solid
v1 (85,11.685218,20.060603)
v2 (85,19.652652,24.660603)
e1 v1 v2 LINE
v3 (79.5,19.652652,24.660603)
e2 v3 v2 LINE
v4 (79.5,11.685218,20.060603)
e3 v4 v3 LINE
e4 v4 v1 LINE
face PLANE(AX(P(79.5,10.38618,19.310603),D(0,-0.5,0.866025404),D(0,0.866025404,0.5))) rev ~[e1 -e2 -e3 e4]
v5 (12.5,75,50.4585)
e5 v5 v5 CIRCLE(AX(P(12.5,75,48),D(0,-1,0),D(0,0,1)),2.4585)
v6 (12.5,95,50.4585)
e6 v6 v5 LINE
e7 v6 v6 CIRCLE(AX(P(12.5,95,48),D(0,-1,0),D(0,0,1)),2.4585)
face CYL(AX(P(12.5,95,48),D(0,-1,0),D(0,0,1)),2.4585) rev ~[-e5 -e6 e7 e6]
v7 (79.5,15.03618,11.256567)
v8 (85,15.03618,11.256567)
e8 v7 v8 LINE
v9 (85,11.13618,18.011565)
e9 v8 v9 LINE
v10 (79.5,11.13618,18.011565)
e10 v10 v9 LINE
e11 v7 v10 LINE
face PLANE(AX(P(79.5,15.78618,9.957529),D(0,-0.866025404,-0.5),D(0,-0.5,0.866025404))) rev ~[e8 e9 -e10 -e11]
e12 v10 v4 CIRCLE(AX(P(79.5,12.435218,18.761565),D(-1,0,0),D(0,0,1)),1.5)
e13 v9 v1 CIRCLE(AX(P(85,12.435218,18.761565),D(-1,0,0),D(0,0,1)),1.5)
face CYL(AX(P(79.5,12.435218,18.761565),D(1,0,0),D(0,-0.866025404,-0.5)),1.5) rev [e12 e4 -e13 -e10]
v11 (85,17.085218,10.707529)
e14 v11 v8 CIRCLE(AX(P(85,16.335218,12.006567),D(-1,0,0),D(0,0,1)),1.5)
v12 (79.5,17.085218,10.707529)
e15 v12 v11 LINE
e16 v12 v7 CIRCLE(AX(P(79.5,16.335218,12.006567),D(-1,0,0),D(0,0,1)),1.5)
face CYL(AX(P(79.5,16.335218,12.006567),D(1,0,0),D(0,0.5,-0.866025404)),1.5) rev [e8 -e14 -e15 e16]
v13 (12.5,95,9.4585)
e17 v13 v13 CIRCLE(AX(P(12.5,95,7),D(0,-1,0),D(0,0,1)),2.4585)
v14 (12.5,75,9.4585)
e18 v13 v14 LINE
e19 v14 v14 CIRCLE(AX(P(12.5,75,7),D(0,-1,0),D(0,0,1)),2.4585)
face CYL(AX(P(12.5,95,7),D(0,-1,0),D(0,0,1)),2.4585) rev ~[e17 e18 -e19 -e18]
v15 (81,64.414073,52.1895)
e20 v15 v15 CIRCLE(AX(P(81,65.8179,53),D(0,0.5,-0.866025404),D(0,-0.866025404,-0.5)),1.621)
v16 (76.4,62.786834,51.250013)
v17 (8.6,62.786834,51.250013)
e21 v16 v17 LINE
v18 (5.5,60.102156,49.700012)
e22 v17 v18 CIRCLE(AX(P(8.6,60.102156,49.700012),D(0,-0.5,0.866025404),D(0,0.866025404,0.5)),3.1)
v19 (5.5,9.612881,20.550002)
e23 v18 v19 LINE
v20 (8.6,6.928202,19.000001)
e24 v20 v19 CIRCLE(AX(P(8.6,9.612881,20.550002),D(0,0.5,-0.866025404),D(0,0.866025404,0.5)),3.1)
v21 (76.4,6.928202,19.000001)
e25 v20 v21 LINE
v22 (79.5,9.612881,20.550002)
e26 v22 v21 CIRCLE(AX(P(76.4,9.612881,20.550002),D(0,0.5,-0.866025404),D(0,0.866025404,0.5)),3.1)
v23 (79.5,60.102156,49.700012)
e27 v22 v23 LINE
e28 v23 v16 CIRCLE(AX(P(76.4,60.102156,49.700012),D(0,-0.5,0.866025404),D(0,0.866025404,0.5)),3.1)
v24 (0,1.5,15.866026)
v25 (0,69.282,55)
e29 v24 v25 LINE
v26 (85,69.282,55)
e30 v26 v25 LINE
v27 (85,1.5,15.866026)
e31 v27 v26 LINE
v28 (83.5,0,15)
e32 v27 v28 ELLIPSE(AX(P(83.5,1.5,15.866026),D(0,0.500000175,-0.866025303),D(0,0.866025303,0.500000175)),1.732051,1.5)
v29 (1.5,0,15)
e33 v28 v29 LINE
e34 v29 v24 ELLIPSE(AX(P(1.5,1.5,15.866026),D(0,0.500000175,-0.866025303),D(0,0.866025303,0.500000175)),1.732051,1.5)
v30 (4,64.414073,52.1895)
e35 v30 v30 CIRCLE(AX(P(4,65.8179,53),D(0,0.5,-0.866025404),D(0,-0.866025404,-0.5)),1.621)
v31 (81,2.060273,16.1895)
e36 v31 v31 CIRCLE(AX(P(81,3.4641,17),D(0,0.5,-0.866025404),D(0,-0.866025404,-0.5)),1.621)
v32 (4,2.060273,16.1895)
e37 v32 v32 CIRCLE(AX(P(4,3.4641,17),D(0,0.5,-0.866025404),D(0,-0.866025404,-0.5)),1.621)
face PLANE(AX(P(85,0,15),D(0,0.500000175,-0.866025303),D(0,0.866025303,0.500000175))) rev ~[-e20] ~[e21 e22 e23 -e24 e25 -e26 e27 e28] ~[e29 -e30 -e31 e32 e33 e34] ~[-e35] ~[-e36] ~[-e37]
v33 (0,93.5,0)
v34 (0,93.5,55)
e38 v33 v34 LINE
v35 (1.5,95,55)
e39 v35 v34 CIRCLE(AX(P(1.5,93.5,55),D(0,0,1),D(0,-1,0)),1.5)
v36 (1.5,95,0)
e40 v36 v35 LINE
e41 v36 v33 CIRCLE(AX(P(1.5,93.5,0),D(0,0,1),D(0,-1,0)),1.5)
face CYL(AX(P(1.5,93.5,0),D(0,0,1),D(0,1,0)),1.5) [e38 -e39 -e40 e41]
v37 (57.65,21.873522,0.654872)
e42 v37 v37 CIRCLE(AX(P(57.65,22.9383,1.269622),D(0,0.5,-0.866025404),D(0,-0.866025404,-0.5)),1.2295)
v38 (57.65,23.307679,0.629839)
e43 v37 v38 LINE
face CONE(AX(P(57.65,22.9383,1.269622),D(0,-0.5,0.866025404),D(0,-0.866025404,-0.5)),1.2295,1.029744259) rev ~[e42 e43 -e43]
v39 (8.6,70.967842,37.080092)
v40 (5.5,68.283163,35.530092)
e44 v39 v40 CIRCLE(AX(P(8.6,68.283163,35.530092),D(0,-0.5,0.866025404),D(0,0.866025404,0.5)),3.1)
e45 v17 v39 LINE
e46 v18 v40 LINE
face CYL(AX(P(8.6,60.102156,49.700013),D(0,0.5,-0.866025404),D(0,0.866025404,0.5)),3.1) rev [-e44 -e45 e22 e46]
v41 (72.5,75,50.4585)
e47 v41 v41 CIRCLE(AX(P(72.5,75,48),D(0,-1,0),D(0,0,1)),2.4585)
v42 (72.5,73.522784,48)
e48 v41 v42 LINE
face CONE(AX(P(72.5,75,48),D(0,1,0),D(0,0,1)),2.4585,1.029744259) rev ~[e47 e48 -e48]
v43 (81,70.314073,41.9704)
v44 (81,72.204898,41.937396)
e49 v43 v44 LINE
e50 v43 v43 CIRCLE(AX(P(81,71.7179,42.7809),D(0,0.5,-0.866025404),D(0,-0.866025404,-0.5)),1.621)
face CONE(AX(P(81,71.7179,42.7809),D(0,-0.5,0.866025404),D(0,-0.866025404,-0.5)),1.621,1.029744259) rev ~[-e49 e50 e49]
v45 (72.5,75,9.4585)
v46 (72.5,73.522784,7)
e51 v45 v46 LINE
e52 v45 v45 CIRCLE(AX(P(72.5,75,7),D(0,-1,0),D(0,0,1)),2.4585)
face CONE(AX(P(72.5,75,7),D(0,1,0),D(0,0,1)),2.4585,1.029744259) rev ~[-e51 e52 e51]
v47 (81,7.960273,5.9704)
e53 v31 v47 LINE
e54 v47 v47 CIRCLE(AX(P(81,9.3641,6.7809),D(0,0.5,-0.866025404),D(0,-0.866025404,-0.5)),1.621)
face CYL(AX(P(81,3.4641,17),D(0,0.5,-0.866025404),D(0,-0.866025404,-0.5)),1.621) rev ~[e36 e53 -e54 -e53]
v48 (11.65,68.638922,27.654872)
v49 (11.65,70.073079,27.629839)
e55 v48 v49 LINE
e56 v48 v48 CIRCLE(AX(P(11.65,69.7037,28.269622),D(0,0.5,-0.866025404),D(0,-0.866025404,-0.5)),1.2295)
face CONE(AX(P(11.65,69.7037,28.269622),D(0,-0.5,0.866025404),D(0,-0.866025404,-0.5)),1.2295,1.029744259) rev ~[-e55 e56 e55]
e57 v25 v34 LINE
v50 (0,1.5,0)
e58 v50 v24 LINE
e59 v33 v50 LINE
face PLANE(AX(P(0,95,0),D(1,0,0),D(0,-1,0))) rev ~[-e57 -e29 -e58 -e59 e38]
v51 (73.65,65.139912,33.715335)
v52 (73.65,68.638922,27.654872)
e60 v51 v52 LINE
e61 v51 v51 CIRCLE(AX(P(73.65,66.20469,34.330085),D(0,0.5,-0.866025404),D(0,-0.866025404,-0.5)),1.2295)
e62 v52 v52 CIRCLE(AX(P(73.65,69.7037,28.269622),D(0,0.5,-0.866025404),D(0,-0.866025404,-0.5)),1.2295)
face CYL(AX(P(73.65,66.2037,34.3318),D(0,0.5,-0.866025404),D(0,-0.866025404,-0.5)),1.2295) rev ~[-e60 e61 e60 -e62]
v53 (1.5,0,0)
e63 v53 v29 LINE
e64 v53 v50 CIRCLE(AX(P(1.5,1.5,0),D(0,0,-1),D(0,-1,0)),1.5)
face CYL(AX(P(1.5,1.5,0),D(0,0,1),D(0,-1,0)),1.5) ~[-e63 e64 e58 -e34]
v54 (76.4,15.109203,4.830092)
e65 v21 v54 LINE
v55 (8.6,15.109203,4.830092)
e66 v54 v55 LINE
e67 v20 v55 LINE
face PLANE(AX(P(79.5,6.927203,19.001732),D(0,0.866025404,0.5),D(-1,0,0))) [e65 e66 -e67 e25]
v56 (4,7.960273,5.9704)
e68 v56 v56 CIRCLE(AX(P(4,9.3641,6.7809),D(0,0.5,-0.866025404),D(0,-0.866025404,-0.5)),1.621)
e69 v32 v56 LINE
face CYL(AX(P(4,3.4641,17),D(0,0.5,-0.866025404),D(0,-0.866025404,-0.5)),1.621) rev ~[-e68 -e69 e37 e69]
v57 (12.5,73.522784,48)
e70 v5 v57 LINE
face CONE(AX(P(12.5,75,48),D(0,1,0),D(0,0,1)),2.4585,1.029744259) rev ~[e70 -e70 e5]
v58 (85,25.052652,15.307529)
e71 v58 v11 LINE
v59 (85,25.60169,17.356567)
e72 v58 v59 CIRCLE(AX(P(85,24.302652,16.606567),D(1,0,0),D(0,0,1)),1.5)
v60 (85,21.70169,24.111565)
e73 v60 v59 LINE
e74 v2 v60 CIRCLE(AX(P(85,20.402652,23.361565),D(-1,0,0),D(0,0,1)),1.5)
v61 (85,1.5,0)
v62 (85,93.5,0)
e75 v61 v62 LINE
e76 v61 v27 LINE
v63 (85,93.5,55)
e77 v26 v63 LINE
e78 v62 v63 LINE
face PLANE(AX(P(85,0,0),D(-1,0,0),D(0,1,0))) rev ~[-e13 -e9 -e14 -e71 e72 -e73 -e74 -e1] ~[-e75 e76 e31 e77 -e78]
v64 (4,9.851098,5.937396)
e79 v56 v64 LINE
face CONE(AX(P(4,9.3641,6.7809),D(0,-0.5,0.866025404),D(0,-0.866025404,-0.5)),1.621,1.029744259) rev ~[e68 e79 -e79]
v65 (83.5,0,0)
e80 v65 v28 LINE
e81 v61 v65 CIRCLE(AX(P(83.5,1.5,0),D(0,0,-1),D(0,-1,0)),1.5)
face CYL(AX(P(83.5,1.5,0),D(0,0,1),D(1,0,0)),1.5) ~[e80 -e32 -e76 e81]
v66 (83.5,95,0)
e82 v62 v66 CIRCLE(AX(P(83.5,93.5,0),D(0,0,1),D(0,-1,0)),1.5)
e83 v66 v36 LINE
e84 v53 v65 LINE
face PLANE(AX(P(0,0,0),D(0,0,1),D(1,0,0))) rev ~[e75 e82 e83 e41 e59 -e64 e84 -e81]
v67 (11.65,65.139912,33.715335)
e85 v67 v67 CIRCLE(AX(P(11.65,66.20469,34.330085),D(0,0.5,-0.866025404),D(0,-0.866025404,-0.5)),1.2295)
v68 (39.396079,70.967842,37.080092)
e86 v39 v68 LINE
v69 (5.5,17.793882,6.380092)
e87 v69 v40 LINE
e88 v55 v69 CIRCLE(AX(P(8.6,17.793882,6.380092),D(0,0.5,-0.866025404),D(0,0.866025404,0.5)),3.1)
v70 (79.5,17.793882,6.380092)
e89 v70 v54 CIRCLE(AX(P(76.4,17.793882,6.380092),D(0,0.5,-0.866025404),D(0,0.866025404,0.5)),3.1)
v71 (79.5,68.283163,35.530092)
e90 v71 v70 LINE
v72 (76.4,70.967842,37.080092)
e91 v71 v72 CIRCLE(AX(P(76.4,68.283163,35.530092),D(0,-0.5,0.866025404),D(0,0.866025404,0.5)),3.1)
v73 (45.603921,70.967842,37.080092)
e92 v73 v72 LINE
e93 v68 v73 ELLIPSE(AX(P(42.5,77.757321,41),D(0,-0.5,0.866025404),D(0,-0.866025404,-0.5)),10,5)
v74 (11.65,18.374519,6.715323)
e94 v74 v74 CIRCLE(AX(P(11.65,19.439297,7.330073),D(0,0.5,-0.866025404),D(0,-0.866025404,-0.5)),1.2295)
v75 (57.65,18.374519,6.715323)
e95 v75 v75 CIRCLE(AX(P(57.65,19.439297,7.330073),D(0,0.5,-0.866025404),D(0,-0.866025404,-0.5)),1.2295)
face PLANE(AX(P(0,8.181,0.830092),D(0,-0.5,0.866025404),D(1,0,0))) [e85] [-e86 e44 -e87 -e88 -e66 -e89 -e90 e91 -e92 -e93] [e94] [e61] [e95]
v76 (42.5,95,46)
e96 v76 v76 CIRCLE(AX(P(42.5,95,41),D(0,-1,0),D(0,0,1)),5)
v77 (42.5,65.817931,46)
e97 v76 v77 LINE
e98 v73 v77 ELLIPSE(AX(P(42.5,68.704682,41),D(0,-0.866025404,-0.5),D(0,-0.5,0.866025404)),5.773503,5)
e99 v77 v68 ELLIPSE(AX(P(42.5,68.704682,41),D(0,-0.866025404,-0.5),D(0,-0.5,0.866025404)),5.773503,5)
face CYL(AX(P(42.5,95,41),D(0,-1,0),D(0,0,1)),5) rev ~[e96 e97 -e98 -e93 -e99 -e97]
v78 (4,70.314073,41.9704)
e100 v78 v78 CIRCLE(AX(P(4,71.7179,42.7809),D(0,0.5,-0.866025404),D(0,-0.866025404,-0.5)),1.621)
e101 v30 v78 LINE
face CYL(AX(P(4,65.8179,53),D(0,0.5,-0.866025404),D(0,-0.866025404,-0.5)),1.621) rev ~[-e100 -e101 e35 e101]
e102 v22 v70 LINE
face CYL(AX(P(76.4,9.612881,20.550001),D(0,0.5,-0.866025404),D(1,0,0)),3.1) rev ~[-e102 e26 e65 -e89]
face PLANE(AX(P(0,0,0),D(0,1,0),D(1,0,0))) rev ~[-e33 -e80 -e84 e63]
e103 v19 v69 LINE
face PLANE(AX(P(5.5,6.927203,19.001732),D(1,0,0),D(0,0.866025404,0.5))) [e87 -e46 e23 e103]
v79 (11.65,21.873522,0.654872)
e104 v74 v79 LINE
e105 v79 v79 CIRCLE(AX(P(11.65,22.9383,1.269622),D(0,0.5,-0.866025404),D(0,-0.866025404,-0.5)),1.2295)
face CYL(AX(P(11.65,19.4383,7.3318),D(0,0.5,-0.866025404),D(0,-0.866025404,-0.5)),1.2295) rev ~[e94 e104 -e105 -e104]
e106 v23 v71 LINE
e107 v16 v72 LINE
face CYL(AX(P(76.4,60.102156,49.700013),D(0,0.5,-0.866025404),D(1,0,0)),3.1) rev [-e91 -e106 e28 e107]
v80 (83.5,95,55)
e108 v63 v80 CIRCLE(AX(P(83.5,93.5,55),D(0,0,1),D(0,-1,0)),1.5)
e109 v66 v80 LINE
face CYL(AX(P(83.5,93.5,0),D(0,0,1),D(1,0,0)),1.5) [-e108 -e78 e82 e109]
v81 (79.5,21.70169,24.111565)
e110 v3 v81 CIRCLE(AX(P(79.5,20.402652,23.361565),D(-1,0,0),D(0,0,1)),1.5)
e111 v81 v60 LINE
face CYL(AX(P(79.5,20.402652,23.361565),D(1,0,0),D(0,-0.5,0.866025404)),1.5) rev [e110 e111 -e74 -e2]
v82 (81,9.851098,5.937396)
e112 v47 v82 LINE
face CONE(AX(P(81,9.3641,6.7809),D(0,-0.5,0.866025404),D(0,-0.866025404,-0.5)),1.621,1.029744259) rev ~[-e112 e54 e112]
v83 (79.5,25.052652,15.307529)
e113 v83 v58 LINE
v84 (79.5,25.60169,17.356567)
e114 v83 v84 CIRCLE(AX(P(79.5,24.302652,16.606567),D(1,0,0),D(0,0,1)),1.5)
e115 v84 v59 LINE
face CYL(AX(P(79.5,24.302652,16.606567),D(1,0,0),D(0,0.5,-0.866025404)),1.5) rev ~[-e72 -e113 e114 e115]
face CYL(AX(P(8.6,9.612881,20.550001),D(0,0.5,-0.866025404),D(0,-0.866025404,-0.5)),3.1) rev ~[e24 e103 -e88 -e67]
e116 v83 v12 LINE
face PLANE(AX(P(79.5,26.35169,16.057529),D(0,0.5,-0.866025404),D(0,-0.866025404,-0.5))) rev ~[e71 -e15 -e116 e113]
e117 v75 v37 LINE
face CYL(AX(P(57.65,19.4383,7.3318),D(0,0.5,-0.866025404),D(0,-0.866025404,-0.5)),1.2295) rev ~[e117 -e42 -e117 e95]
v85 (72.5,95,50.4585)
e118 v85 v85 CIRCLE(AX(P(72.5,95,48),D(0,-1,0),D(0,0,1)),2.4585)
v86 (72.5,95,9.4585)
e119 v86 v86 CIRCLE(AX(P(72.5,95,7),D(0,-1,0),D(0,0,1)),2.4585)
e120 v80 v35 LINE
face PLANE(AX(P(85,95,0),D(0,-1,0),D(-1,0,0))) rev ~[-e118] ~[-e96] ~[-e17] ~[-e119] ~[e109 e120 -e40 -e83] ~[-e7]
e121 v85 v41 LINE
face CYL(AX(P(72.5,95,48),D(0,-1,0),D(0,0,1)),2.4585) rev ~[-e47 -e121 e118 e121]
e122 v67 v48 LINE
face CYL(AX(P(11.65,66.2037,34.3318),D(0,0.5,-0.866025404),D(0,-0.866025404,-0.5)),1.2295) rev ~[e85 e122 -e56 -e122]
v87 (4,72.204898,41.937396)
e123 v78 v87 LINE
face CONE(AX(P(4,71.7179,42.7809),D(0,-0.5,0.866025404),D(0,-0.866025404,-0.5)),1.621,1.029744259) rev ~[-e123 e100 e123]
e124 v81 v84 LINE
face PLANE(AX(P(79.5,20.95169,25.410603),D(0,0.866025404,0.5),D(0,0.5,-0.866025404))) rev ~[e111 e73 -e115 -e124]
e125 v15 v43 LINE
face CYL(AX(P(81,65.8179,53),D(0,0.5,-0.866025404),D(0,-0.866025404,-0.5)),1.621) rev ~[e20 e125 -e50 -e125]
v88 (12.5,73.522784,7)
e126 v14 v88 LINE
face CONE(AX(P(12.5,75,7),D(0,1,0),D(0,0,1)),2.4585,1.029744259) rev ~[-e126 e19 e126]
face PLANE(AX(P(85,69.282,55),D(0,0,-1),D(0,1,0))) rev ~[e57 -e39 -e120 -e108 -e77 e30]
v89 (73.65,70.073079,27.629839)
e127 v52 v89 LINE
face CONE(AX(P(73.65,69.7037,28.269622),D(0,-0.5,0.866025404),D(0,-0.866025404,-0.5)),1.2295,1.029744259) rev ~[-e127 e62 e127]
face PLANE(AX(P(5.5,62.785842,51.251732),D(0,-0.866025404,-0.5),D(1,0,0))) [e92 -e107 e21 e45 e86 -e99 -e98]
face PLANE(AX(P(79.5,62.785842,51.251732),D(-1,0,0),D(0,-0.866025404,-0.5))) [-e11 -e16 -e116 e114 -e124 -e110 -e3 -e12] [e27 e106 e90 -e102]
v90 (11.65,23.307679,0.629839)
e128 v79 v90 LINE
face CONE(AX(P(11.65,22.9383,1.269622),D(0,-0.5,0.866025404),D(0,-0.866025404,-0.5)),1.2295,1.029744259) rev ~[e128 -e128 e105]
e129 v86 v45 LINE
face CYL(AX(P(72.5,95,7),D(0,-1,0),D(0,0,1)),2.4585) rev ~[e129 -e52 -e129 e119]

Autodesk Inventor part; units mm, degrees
ref_plane "YZ Plane" through (0, 0, 0) normal (1, 0, 0) x (0, 1, 0)
ref_plane "XZ Plane" through (0, 0, 0) normal (0, 1, 0) x (-1, 0, 0)
ref_plane "XY Plane" through (0, 0, 0) normal (0, 0, 1) x (1, 0, 0)
sketch "Skizze1" plane through (0, 0, 0) normal (0, 0, 1) x (1, 0, 0)
  line L0 (0, 0) -> (85, 0)
  line L1 (85, 0) -> (85, 95)
  line L2 (85, 95) -> (0, 95)
  line L3 (0, 95) -> (0, 0)
  dimension "d0" = 85
  dimension "d1" = 95
extrude "Extrusion1" add sketch "Skizze1" along normal blind 80
sketch "Skizze2" plane through (85, 0, 0) normal (1, 0, 0) x (0, 0, -1)
  line L0 (0, 0) -> (-80, 0) projected
  line L1 (0, 0) -> (-15, 0)
  line L2 (-15, 0) -> (-55, 69.282)
  line L3 (-55, 69.282) -> (-55, 95)
  line L4 (0, 95) -> (-80, 95) projected
  line L5 (-55, 95) -> (0, 95)
  line L6 (0, 0) -> (0, 95) projected
  line L7 (0, 95) -> (0, 0) projected
  line L8 (0, 95) -> (0, 0)
  dimension "d4" = 15
  dimension "d5" = 80
  dimension "d6" = 120
extrude "Extrusion2" cut sketch "Skizze2" against normal through all keep common part
sketch "Skizze3" plane through (0, 0, 15) normal (0, -0.5, 0.866) x (1, 0, 0)
  line L0 (5.5, 72.5) -> (79.5, 72.5)
  line L1 (79.5, 72.5) -> (79.5, 8)
  line L2 (79.5, 8) -> (5.5, 8)
  line L3 (5.5, 8) -> (5.5, 72.5)
  line L4 (85, -7.5) -> (85, 74.7724) projected
  line L5 (85, 80) -> (0, 80) projected
  line L6 (0, 0) -> (85, 0) projected
  point P0 (0, -7.5)
  point P1 (79.5, 40.25)
  point P2 (42.5, 72.5)
  point P3 (42.5, 80)
  dimension "d9" = 74
  dimension "d10" = 64.5
  dimension "d13" = 8
extrude "Extrusion3" cut sketch "Skizze3" against normal blind 16.36
sketch "Skizze4" plane through (79.5, 6.9282, 19) normal (-1, 0, 0) x (0, -0.5, 0.866)
  line L0 (-12.26, 3.15) -> (-1.46, 3.15)
  line L1 (-1.46, 3.15) -> (-1.46, 15.35)
  line L2 (-1.46, 15.35) -> (-12.26, 15.35)
  line L3 (-12.26, 15.35) -> (-12.26, 3.15)
  line L4 (-16.36, 64.5) -> (-16.36, 0) projected
  line L5 (0, 0) -> (-16.36, 0) projected
  line L6 (0, 64.5) -> (0, 0) projected
  point P0 (-12.9904, -15.5)
  dimension "d15" = 4.1
  dimension "d16" = 3.15
  dimension "d17" = 12.2
  dimension "d18" = 10.8
  dimension "d19" = 1.46
extrude "Extrusion4" cut sketch "Skizze4" against normal through all
fillet "Rundung2" radius 1.5 4 edges at (82.25, 26.3517, 16.0575) (82.25, 15.7862, 9.9575) (82.25, 10.3862, 19.3106) (82.25, 20.9517, 25.4106)
sketch "Skizze6" plane through (0, 0, 15) normal (0, -0.5, 0.866) x (1, 0, 0)
  circle A0 centre (4, 4) radius 2.25 projected
  circle A1 centre (4, 76) radius 2.25 projected
  circle A2 centre (81, 76) radius 2.25 projected
  circle A3 centre (81, 4) radius 2.25 projected
  point P0 (0, -7.5)
hole "Bohrung2" at (81, 3.4641, 17) at (81, 65.8179, 53) at (4, 65.8179, 53) at (4, 3.4641, 17) direction (0, 0.5, -0.866) diameter 3.242 depth 11.8 tip angle 118 thread size "M4x0.7" class "6H" standard "ISO Metric profile"
sketch "Skizze7" plane through (0, 95, 0) normal (0, 1, 0) x (1, 0, 0)
  line L0 (85, -55) -> (0, -55) projected
  line L1 (85, 0) -> (85, -55) projected
  line L2 (85, 0) -> (0, 0) projected
  line L3 (0, 0) -> (0, -55) projected
  line L4 (85, 0) -> (85, -55) projected
  line L5 (85, -55) -> (42.5, -55)
  line L6 (42.5, -55) -> (42.5, -41)
  line L7 (42.5, -41) -> (85, -41)
  line L8 (85, -41) -> (85, -55)
  point P0 (0, 0)
  dimension "d37" = 42.5
  dimension "d38" = 14
hole "Bohrung3" at (42.5, 95, 41) direction (0, -1, 0) diameter 10 end through all
sketch "Skizze8" plane through (0, 8.18, 0.8318) normal (0, -0.5, 0.866) x (1, 0, 0)
  circle A0 centre (11.65, 13) radius 1.6 projected
  circle A1 centre (74.16, 11.255) radius 1.165
  circle A2 centre (73.65, 67) radius 1.6 projected
  circle A3 centre (11.65, 67) radius 1.6 projected
  circle A4 centre (57.65, 13) radius 1.6 projected
  point P0 (0, -7.5)
hole "Bohrung4" at (57.65, 19.4383, 7.3318) at (11.65, 19.4383, 7.3318) at (11.65, 66.2037, 34.3318) at (73.65, 66.2037, 34.3318) direction (0, 0.5, -0.866) diameter 2.459 depth 7 tip angle 118 thread size "M3x0.5" class "6H" standard "ISO Metric profile"
sketch "Skizze9" plane through (0, 95, 0) normal (0, 1, 0) x (1, 0, 0)
  line L0 (72.5, -48) -> (12.5, -48)
  line L1 (12.5, -48) -> (12.5, -7)
  line L2 (12.5, -7) -> (72.5, -7)
  line L3 (72.5, -7) -> (72.5, -48)
  line L4 (85, -55) -> (0, -55) projected
  line L5 (85, 0) -> (0, 0) projected
  point P0 (42.5, -48)
  point P1 (42.5, -55)
  dimension "d54" = 60
  dimension "d55" = 41
  dimension "d56" = 7
  dimension "d57" = 7
hole "Bohrung5" at (12.5, 95, 48) at (12.5, 95, 7) at (72.5, 95, 7) at (72.5, 95, 48) direction (0, -1, 0) diameter 4.917 depth 20 tip angle 118 thread size "M6x1" class "6H" standard "ISO Metric profile"
fillet "Rundung3" radius 1.5 4 edges at (0, 95, 27.5) (0, 0, 7.5) (85, 0, 7.5) (85, 95, 27.5)
fillet "Rundung1" radius 3.1 4 edges at (5.5, 66.8773, 44.165) (79.5, 66.8773, 44.165) (79.5, 11.0187, 11.915) (5.5, 11.0187, 11.915)
properties part number "Gehause"
